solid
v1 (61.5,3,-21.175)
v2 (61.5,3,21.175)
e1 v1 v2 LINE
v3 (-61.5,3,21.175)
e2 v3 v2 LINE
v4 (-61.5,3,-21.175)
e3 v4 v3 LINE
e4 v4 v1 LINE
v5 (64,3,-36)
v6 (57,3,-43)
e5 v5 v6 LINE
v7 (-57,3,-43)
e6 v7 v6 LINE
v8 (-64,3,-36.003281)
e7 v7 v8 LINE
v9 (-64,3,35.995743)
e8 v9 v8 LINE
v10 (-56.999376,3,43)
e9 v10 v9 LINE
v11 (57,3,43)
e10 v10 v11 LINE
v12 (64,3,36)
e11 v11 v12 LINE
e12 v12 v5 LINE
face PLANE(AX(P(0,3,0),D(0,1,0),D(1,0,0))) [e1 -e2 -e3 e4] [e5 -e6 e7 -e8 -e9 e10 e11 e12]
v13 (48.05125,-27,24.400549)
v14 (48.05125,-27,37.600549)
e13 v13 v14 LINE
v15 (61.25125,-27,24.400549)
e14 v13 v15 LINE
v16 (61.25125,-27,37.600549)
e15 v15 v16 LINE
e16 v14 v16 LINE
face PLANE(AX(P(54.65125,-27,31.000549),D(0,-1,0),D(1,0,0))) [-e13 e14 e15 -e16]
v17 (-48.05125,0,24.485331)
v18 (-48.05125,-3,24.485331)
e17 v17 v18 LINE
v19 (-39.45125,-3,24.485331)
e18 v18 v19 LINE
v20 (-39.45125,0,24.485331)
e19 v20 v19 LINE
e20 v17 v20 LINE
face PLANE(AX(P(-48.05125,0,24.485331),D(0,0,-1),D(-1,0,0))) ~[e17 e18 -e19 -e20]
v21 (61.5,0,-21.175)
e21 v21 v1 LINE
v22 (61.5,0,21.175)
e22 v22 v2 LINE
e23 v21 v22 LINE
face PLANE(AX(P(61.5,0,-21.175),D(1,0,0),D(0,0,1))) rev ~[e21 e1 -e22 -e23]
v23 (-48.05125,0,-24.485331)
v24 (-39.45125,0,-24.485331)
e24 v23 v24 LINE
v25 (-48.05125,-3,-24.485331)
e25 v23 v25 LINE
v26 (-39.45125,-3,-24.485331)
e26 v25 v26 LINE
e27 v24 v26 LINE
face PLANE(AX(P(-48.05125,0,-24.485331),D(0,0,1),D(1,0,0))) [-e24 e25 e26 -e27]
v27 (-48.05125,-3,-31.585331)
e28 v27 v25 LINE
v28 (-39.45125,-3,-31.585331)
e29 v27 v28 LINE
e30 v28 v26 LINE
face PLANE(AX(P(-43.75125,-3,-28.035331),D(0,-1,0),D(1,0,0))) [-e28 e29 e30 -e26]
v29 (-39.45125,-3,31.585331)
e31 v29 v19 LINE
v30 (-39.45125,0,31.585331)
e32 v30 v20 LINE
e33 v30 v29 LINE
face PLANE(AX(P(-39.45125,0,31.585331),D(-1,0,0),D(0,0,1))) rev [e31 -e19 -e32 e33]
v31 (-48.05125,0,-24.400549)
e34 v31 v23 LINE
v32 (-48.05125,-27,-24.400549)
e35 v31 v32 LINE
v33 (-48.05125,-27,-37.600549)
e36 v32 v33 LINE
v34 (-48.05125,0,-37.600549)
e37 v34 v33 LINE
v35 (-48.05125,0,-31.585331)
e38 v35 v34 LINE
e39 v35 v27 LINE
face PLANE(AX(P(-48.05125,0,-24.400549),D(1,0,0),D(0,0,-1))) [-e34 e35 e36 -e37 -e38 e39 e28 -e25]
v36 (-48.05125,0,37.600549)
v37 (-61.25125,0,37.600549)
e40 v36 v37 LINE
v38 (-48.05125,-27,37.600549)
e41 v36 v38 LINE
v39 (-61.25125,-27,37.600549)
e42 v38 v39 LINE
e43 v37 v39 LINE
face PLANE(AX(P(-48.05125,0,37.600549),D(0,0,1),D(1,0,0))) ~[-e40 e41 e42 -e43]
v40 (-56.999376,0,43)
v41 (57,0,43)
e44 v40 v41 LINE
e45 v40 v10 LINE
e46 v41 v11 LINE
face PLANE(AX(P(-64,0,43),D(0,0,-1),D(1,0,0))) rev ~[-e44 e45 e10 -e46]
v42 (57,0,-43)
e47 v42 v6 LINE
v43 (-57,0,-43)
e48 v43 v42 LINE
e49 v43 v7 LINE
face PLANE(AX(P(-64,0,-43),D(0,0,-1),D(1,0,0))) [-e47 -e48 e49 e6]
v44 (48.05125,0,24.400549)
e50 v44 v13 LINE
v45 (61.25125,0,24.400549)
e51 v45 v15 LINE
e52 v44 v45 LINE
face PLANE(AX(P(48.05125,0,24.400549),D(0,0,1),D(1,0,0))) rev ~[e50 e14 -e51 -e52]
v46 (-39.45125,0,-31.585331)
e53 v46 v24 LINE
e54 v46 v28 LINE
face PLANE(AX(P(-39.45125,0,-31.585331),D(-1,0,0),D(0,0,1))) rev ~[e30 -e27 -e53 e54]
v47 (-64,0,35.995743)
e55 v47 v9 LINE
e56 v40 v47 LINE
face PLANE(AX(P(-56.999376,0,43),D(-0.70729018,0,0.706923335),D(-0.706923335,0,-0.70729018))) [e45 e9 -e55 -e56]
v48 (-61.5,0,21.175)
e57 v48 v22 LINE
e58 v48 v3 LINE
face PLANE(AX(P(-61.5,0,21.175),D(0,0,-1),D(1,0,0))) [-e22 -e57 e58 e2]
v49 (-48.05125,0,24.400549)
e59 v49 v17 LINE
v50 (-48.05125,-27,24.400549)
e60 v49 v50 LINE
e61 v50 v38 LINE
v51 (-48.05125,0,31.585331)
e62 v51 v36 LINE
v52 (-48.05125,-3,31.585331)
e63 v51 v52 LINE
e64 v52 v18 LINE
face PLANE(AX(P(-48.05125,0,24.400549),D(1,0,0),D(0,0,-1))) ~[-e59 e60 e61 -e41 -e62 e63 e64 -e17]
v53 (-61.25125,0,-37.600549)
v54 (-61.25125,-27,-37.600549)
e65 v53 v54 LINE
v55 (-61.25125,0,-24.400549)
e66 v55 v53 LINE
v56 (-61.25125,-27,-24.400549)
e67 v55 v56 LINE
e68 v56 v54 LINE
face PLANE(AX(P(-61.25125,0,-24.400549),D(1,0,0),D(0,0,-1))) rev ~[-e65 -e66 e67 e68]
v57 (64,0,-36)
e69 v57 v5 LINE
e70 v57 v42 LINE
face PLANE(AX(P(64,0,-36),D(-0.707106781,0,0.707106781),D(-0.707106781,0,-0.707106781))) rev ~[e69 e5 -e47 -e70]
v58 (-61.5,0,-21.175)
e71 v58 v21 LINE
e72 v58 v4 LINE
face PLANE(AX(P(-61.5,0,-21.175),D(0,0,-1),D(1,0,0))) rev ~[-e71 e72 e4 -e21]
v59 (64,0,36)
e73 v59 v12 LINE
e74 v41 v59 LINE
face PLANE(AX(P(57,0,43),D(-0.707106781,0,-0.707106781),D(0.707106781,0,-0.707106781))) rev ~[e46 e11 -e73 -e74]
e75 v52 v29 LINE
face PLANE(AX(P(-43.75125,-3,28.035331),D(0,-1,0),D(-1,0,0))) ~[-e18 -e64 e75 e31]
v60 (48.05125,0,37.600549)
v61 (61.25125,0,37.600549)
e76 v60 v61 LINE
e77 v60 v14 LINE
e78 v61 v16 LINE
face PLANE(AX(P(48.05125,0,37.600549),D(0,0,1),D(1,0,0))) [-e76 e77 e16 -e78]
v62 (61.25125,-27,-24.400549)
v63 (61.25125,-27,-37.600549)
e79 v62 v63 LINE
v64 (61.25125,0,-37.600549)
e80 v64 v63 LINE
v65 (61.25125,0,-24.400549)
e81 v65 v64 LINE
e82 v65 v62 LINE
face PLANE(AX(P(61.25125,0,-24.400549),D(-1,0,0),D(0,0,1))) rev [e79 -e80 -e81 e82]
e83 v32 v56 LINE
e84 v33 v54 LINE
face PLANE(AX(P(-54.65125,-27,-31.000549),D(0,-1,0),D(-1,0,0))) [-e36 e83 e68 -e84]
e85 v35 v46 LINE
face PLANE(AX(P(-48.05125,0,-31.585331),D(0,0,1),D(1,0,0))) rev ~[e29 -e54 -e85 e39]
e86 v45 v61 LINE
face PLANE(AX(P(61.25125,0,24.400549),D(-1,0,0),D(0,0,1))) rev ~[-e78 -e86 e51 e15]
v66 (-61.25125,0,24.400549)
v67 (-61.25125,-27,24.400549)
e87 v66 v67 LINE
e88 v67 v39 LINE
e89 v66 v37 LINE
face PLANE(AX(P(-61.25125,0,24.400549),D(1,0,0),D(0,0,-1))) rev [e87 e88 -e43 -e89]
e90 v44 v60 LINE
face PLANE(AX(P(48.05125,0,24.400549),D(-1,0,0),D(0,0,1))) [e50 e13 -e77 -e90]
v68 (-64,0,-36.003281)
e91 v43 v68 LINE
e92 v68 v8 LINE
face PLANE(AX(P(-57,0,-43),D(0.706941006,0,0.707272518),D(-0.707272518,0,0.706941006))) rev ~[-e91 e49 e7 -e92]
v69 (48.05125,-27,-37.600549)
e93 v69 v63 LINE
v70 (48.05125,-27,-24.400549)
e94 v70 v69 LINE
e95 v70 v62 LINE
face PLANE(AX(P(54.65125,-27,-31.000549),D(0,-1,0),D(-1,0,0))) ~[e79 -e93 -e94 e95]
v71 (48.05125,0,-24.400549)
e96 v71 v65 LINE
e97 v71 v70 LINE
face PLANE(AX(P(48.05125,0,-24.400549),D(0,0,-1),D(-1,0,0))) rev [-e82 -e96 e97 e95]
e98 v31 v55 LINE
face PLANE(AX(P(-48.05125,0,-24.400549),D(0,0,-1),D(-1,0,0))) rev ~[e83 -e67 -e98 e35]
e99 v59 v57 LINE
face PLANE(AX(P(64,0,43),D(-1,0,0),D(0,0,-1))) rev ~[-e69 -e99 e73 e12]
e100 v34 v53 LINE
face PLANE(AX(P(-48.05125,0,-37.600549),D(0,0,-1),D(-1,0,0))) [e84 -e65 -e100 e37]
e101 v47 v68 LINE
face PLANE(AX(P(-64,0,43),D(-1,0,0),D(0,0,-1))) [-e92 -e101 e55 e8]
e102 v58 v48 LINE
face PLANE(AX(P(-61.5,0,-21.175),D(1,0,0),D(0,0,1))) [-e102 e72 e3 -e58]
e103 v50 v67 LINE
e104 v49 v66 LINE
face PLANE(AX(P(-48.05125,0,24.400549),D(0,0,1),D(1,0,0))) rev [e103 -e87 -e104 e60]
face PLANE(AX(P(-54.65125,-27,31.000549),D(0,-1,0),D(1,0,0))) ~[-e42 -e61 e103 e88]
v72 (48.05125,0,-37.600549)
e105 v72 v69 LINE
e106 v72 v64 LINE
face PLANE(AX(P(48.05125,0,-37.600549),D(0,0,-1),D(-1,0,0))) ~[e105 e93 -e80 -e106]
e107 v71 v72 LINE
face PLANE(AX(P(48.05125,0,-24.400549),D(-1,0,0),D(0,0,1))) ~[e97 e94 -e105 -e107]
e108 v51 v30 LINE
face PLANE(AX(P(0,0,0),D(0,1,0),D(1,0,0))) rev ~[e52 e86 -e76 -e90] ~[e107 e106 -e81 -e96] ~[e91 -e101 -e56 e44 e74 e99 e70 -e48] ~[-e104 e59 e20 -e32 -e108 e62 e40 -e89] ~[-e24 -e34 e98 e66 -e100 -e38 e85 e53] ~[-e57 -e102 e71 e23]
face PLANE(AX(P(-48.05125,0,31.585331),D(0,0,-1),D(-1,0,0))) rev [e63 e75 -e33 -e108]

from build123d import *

# Parameters (mm, degrees)
SKETCH1_W               = 128
SKETCH1_H               = 86
BOSS_EXTRUDE1_DEPTH     = 3
CUT_EXTRUDE1_DEPTH      = 3
CUT_EXTRUDE2_DEPTH      = 3
CUT_EXTRUDE3_DEPTH      = 3
CUT_EXTRUDE4_DEPTH      = 3
SKETCH9_W               = 123
SKETCH9_H               = 42.35
CUT_EXTRUDE5_DEPTH      = 3
SKETCH23_W              = 13.2
SKETCH23_H              = 13.2
BOSS_EXTRUDE7_DEPTH     = 27
MIRROR2_COPY_1_SKETCH_W = 13.2
MIRROR2_COPY_1_SKETCH_H = 13.2
MIRROR2_COPY_1_DEPTH    = 27
SKETCH25_W              = 8.6
SKETCH25_H              = 7.1
BOSS_EXTRUDE8_DEPTH     = 3


with BuildPart() as part:
    # Sketch1 → Boss-Extrude1 (new body)
    with BuildSketch(Plane(origin=(0, 0, 0), x_dir=(1, 0, 0), z_dir=(0, 1, 0))):
        Rectangle(SKETCH1_W, SKETCH1_H)
    extrude(amount=BOSS_EXTRUDE1_DEPTH)

    # Sketch3 → Cut-Extrude1 (cut)
    with BuildSketch(Plane(origin=(0, 0, 0), x_dir=(-1, 0, 0), z_dir=(0, -1, 0))):
        Polygon((64, -43), (56.999376177, -43), (64, -35.995743323), align=None)
    extrude(amount=-CUT_EXTRUDE1_DEPTH, mode=Mode.SUBTRACT)

    # Sketch6 → Cut-Extrude2 (cut)
    with BuildSketch(Plane.XZ):
        Polygon((-64, -43), (-57, -43), (-64, -36.003281028), align=None)
    extrude(amount=-CUT_EXTRUDE2_DEPTH, mode=Mode.SUBTRACT)

    # Sketch7 → Cut-Extrude3 (cut)
    with BuildSketch(Plane.XZ):
        Polygon((64, 43), (57, 43), (64, 36), align=None)
    extrude(amount=-CUT_EXTRUDE3_DEPTH, mode=Mode.SUBTRACT)

    # Sketch8 → Cut-Extrude4 (cut)
    with BuildSketch(Plane.XZ):
        Polygon((64, -43), (64, -36), (57, -43), align=None)
    extrude(amount=-CUT_EXTRUDE4_DEPTH, mode=Mode.SUBTRACT)

    # Sketch9 → Cut-Extrude5 (cut)
    with BuildSketch(Plane.XZ):
        Rectangle(SKETCH9_W, SKETCH9_H)
    extrude(amount=-CUT_EXTRUDE5_DEPTH, mode=Mode.SUBTRACT)

    # Sketch23 → Boss-Extrude7 (add)
    with BuildSketch(Plane.XZ):
        with Locations((54.651250219, 31.000549)):
            Rectangle(SKETCH23_W, SKETCH23_H)
    boss_extrude7 = extrude(amount=BOSS_EXTRUDE7_DEPTH)

    # Mirror1: Boss-Extrude7 across plane
    add(boss_extrude7.mirror(Plane.XY))

    # Mirror2: Boss-Extrude7 across plane
    add(boss_extrude7.mirror(Plane(origin=(0, 0, 0), x_dir=(0, 0, 1), z_dir=(1, 0, 0))))

    # Mirror2 copy 1 sketch → Mirror2 copy 1 (add)
    with BuildSketch(Plane(origin=(0, 0, 0), x_dir=(-1, 0, 0), z_dir=(0, -1, 0))):
        with Locations((54.651250219, 31.000549)):
            Rectangle(MIRROR2_COPY_1_SKETCH_W, MIRROR2_COPY_1_SKETCH_H)
    extrude(amount=MIRROR2_COPY_1_DEPTH)

    # Sketch25 → Boss-Extrude8 (add)
    with BuildSketch(Plane.XZ):
        with Locations((-43.751250219, -28.035331383)):
            Rectangle(SKETCH25_W, SKETCH25_H)
    boss_extrude8 = extrude(amount=BOSS_EXTRUDE8_DEPTH)

    # Mirror4: Boss-Extrude8 across plane
    add(boss_extrude8.mirror(Plane.XY))


solid = part.part
